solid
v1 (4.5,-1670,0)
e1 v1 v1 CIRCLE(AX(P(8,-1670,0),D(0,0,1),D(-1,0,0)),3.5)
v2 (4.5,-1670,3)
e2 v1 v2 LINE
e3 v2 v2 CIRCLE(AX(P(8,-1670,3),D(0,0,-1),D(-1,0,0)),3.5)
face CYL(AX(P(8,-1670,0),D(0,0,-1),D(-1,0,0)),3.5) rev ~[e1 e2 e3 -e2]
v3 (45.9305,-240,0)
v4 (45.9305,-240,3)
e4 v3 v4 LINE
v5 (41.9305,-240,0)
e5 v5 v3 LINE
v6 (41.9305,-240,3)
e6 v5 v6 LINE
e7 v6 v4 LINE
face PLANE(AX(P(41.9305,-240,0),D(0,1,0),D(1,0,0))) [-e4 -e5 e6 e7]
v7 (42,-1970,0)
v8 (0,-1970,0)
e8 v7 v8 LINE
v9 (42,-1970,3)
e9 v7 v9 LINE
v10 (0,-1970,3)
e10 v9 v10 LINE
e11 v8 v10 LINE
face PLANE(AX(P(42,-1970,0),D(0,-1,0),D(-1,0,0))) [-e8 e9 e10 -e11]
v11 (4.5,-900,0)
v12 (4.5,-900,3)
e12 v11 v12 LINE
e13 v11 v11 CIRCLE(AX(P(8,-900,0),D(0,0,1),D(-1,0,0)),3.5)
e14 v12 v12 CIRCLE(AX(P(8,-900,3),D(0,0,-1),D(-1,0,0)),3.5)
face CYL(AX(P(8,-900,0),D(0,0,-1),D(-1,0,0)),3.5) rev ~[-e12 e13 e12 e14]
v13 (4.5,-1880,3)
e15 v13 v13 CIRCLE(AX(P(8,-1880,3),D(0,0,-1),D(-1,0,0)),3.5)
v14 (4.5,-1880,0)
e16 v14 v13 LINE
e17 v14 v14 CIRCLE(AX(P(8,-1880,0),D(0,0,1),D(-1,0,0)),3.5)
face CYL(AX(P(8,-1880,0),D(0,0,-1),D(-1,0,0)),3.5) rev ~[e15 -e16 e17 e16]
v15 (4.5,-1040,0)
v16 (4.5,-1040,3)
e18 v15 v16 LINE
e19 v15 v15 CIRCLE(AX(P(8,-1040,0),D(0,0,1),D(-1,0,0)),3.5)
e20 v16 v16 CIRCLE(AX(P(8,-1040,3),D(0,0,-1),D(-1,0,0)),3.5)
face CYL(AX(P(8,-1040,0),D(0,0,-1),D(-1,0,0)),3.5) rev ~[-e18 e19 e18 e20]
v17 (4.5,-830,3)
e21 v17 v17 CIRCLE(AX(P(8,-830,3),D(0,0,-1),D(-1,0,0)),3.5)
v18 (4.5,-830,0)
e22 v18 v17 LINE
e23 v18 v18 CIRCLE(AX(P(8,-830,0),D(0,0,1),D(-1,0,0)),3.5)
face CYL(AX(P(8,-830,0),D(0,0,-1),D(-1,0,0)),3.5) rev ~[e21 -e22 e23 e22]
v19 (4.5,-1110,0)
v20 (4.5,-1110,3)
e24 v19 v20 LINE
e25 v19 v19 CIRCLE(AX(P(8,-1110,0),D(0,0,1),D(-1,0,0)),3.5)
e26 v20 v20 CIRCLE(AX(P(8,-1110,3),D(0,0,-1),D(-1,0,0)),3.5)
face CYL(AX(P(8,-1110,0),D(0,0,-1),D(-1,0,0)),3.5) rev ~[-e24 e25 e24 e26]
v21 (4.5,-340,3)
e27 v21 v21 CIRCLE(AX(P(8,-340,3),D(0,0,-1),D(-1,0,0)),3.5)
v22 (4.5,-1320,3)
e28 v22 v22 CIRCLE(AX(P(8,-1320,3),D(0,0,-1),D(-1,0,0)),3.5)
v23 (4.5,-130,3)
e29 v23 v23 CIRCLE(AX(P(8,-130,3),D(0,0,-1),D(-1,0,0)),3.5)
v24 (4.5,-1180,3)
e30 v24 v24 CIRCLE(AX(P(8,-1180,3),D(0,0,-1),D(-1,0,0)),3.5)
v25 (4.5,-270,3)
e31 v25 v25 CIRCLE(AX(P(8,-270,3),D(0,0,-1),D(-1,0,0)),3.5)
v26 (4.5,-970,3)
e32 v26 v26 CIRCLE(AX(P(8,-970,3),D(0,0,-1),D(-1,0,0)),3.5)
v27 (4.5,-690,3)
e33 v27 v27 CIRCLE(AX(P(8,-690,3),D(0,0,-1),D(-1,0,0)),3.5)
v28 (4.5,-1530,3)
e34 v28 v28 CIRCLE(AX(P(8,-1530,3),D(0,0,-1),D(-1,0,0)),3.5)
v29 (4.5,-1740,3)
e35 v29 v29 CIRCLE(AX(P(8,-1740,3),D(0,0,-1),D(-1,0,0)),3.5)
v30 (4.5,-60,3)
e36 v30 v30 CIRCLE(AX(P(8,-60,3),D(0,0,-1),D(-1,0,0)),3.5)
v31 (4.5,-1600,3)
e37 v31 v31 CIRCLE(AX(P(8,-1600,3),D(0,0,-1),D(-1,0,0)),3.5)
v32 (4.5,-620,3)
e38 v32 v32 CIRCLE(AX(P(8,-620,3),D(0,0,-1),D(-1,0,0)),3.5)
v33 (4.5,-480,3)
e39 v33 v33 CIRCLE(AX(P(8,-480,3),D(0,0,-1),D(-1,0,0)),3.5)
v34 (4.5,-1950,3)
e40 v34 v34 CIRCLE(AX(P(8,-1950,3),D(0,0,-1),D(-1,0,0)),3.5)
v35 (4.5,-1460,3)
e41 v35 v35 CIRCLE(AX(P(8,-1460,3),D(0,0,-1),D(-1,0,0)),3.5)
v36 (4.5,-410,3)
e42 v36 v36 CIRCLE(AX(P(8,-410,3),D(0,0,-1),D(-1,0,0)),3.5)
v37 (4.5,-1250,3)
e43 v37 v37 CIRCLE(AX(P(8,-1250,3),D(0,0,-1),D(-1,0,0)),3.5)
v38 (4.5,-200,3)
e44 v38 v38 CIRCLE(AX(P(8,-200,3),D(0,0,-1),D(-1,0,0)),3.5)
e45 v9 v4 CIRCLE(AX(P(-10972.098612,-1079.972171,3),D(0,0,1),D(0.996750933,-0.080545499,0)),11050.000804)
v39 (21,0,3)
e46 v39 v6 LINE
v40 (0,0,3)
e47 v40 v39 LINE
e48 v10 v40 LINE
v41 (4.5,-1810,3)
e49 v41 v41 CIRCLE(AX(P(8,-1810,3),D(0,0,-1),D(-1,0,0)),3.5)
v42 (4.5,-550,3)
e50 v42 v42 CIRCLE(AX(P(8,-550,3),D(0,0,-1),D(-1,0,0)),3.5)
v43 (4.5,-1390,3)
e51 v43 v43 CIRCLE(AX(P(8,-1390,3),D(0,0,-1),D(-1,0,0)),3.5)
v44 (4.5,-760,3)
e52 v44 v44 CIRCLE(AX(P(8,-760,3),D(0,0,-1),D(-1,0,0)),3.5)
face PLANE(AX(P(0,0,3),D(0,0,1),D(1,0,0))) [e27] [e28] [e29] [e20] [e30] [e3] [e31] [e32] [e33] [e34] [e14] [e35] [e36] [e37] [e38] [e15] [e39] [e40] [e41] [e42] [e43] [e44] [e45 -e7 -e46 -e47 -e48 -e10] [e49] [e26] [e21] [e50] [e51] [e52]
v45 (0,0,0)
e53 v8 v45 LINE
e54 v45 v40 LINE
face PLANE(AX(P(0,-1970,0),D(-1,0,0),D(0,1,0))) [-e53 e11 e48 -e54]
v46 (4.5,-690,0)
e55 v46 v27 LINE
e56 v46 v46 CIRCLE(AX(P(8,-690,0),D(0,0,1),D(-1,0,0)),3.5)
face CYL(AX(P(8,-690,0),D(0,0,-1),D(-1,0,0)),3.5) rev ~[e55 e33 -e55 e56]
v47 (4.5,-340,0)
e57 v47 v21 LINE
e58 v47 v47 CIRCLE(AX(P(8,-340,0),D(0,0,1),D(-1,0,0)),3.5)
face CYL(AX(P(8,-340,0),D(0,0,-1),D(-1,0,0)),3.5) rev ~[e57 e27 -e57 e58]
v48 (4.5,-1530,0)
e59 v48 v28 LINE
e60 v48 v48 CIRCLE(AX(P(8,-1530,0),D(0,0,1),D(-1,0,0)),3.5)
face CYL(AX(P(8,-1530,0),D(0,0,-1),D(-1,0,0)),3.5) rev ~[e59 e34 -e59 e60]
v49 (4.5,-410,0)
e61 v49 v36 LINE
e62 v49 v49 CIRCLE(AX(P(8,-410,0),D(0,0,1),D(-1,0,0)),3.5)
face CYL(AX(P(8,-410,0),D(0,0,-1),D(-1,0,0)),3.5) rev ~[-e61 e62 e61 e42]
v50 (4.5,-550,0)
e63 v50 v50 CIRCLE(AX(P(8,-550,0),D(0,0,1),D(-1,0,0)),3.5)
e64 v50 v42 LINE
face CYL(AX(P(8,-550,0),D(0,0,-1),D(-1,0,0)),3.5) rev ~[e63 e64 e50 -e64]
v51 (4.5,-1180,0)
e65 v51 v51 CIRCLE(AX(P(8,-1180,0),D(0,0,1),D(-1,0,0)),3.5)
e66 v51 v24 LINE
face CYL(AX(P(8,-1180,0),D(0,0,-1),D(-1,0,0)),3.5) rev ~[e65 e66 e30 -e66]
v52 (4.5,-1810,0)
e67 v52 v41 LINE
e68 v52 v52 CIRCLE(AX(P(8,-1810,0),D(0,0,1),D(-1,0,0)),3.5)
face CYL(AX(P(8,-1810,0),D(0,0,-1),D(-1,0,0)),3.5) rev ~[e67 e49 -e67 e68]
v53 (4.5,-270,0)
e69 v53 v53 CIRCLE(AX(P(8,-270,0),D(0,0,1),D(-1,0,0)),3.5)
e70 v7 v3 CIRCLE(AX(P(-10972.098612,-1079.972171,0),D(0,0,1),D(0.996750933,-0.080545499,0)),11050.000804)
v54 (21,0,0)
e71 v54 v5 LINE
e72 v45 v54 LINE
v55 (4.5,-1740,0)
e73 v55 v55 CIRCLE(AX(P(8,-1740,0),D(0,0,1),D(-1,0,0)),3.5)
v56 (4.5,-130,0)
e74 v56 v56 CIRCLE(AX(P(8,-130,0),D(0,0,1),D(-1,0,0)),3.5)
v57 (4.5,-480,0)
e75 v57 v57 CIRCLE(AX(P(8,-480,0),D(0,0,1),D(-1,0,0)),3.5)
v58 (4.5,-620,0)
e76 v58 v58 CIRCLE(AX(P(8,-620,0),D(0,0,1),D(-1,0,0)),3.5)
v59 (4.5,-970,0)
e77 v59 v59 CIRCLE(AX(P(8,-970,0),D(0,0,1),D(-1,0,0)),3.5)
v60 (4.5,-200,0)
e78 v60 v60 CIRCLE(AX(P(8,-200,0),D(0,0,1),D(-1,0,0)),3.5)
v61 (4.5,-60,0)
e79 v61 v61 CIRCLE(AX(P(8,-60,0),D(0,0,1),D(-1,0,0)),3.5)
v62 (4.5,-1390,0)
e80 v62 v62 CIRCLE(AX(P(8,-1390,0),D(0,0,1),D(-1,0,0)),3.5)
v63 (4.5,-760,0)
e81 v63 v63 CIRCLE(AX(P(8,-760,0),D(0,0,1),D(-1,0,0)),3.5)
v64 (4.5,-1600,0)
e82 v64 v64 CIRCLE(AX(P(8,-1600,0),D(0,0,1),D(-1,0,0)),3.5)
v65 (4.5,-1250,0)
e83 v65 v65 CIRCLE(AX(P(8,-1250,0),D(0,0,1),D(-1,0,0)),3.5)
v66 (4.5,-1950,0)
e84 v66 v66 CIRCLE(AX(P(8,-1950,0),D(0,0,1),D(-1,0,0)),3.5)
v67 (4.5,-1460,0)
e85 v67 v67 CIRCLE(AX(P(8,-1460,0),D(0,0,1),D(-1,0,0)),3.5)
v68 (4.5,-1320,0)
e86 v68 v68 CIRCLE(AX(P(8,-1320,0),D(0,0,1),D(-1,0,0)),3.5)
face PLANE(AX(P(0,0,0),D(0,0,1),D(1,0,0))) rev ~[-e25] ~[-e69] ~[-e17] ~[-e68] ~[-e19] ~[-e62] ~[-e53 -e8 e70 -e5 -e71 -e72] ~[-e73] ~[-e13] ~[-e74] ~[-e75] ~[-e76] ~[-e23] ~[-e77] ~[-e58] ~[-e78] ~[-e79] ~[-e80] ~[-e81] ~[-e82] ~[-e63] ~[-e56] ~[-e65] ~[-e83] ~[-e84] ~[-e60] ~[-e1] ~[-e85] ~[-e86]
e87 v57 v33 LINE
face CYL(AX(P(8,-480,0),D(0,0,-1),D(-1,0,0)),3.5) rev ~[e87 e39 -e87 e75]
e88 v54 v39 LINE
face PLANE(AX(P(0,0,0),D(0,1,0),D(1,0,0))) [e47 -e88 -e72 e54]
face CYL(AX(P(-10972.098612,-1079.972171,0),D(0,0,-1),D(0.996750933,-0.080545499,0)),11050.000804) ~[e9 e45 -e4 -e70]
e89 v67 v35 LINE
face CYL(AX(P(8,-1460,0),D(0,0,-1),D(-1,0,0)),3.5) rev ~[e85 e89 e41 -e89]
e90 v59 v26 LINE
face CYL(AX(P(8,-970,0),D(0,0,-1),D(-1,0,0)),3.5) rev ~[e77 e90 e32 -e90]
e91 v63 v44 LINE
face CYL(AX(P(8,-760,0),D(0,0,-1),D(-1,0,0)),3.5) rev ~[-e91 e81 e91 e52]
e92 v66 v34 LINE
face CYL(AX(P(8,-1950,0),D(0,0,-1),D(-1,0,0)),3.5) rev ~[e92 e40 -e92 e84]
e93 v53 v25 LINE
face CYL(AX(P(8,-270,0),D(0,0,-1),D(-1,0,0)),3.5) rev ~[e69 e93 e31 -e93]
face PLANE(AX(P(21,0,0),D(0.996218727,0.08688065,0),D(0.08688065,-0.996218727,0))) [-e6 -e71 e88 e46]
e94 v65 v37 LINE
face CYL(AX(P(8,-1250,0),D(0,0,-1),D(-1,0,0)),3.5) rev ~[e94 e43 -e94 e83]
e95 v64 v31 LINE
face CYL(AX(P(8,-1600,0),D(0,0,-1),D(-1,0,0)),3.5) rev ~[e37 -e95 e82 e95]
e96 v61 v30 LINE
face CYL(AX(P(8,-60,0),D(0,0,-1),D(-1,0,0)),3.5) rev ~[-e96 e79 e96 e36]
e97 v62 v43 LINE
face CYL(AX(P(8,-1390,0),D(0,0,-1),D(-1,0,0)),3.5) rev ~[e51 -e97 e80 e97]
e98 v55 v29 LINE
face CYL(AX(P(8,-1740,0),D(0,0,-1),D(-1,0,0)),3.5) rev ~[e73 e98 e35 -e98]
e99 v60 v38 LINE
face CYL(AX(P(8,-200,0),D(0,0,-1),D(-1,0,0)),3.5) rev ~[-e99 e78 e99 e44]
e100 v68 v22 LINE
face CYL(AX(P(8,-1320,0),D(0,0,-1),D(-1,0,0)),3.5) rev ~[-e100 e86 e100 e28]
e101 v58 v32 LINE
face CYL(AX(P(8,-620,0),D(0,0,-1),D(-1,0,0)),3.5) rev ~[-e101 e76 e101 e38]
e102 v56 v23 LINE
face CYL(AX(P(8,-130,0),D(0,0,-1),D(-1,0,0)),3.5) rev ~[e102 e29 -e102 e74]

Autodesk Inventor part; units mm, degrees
ref_plane "YZ Plane" through (0, 0, 0) normal (1, 0, 0) x (0, 1, 0)
ref_plane "XZ Plane" through (0, 0, 0) normal (0, 1, 0) x (-1, 0, 0)
ref_plane "XY Plane" through (0, 0, 0) normal (0, 0, 1) x (1, 0, 0)
sketch "Sketch1" plane through (0, 0, 0) normal (0, 0, 1) x (1, 0, 0)
  line L0 (0, 100) -> (0, 50) construction
  line L1 (0, 47) -> (0, 0) construction
  line L2 (0, 50) -> (0, 47) construction
  arc A0 (42, -1970) -> (25, 0) centre (-10972.0978, -1079.9722) ccw
  line L3 (42, -1970) -> (0, -1970)
  line L4 (0, -1970) -> (0, 0)
  line L5 (0, 0) -> (25, 0)
  line L6 (21, 0) -> (41.9305, -240)
  line L7 (41.9305, -240) -> (45.9305, -240)
  dimension "d115" = 3
  dimension "d131" = 11050
  dimension "d132" = 25
  dimension "d133" = 42
  dimension "d134" = 1970
  dimension "d145" = 4
  dimension "d146" = 240
  dimension "d147" = 4
extrude "Plate3" add sketch "Sketch1" along normal blind 3 contours L3 L4 L5 L6 L7 A0
sketch "Sketch3" plane through (0, 0, 0) normal (0, 0, -1) x (-1, 0, 0)
  line L0 (0, 0) -> (0, -1970) projected
  line L1 (-21, 0) -> (0, 0) projected
  arc A0 (-45.9305, -240) -> (-42, -1970) centre (10972.0978, -1079.9722) ccw projected
  line L2 (0, -1970) -> (-42, -1970) projected
  circle A1 centre (-8, -1950) radius 3.5
  circle A2 centre (0, -1947.1277) radius 5
  circle A3 centre (0, -1947.1277) radius 12
  line L3 (-41.9305, -240) -> (-21, 0) projected
  line L4 (-45.9305, -240) -> (-41.9305, -240) projected
  point P0 (0, -1935.1277)
  point P1 (-11.2941, -1951.1827)
  point P2 (-4.7059, -1948.8173)
  point P3 (0, -1942.1277)
  dimension "d135" = 7
  dimension "d136" = 8
  dimension "d137" = 20
  dimension "d143" = 10
extrude "Extrusion2" cut sketch "Sketch3" against normal blind 10 contours A1
pattern_linear "Rectangular Pattern1" count 31 spacing 70 along (0, 1, 0) of "Extrusion2"
equation "\"BendReliefWidth\" = Thickness"
equation "\"BendReliefDepth\" = 0.5 * Thickness"
equation "\"CornerReliefSize\" = 4 * Thickness"
equation "\"MinimumRemnant\" = 2 * Thickness"
equation "\"GapSize\" = Thickness"
equation "\"Thickness\" = 3"
properties part number "MSC 813 WALL SUPPORT GILLS" material "AISI304"
